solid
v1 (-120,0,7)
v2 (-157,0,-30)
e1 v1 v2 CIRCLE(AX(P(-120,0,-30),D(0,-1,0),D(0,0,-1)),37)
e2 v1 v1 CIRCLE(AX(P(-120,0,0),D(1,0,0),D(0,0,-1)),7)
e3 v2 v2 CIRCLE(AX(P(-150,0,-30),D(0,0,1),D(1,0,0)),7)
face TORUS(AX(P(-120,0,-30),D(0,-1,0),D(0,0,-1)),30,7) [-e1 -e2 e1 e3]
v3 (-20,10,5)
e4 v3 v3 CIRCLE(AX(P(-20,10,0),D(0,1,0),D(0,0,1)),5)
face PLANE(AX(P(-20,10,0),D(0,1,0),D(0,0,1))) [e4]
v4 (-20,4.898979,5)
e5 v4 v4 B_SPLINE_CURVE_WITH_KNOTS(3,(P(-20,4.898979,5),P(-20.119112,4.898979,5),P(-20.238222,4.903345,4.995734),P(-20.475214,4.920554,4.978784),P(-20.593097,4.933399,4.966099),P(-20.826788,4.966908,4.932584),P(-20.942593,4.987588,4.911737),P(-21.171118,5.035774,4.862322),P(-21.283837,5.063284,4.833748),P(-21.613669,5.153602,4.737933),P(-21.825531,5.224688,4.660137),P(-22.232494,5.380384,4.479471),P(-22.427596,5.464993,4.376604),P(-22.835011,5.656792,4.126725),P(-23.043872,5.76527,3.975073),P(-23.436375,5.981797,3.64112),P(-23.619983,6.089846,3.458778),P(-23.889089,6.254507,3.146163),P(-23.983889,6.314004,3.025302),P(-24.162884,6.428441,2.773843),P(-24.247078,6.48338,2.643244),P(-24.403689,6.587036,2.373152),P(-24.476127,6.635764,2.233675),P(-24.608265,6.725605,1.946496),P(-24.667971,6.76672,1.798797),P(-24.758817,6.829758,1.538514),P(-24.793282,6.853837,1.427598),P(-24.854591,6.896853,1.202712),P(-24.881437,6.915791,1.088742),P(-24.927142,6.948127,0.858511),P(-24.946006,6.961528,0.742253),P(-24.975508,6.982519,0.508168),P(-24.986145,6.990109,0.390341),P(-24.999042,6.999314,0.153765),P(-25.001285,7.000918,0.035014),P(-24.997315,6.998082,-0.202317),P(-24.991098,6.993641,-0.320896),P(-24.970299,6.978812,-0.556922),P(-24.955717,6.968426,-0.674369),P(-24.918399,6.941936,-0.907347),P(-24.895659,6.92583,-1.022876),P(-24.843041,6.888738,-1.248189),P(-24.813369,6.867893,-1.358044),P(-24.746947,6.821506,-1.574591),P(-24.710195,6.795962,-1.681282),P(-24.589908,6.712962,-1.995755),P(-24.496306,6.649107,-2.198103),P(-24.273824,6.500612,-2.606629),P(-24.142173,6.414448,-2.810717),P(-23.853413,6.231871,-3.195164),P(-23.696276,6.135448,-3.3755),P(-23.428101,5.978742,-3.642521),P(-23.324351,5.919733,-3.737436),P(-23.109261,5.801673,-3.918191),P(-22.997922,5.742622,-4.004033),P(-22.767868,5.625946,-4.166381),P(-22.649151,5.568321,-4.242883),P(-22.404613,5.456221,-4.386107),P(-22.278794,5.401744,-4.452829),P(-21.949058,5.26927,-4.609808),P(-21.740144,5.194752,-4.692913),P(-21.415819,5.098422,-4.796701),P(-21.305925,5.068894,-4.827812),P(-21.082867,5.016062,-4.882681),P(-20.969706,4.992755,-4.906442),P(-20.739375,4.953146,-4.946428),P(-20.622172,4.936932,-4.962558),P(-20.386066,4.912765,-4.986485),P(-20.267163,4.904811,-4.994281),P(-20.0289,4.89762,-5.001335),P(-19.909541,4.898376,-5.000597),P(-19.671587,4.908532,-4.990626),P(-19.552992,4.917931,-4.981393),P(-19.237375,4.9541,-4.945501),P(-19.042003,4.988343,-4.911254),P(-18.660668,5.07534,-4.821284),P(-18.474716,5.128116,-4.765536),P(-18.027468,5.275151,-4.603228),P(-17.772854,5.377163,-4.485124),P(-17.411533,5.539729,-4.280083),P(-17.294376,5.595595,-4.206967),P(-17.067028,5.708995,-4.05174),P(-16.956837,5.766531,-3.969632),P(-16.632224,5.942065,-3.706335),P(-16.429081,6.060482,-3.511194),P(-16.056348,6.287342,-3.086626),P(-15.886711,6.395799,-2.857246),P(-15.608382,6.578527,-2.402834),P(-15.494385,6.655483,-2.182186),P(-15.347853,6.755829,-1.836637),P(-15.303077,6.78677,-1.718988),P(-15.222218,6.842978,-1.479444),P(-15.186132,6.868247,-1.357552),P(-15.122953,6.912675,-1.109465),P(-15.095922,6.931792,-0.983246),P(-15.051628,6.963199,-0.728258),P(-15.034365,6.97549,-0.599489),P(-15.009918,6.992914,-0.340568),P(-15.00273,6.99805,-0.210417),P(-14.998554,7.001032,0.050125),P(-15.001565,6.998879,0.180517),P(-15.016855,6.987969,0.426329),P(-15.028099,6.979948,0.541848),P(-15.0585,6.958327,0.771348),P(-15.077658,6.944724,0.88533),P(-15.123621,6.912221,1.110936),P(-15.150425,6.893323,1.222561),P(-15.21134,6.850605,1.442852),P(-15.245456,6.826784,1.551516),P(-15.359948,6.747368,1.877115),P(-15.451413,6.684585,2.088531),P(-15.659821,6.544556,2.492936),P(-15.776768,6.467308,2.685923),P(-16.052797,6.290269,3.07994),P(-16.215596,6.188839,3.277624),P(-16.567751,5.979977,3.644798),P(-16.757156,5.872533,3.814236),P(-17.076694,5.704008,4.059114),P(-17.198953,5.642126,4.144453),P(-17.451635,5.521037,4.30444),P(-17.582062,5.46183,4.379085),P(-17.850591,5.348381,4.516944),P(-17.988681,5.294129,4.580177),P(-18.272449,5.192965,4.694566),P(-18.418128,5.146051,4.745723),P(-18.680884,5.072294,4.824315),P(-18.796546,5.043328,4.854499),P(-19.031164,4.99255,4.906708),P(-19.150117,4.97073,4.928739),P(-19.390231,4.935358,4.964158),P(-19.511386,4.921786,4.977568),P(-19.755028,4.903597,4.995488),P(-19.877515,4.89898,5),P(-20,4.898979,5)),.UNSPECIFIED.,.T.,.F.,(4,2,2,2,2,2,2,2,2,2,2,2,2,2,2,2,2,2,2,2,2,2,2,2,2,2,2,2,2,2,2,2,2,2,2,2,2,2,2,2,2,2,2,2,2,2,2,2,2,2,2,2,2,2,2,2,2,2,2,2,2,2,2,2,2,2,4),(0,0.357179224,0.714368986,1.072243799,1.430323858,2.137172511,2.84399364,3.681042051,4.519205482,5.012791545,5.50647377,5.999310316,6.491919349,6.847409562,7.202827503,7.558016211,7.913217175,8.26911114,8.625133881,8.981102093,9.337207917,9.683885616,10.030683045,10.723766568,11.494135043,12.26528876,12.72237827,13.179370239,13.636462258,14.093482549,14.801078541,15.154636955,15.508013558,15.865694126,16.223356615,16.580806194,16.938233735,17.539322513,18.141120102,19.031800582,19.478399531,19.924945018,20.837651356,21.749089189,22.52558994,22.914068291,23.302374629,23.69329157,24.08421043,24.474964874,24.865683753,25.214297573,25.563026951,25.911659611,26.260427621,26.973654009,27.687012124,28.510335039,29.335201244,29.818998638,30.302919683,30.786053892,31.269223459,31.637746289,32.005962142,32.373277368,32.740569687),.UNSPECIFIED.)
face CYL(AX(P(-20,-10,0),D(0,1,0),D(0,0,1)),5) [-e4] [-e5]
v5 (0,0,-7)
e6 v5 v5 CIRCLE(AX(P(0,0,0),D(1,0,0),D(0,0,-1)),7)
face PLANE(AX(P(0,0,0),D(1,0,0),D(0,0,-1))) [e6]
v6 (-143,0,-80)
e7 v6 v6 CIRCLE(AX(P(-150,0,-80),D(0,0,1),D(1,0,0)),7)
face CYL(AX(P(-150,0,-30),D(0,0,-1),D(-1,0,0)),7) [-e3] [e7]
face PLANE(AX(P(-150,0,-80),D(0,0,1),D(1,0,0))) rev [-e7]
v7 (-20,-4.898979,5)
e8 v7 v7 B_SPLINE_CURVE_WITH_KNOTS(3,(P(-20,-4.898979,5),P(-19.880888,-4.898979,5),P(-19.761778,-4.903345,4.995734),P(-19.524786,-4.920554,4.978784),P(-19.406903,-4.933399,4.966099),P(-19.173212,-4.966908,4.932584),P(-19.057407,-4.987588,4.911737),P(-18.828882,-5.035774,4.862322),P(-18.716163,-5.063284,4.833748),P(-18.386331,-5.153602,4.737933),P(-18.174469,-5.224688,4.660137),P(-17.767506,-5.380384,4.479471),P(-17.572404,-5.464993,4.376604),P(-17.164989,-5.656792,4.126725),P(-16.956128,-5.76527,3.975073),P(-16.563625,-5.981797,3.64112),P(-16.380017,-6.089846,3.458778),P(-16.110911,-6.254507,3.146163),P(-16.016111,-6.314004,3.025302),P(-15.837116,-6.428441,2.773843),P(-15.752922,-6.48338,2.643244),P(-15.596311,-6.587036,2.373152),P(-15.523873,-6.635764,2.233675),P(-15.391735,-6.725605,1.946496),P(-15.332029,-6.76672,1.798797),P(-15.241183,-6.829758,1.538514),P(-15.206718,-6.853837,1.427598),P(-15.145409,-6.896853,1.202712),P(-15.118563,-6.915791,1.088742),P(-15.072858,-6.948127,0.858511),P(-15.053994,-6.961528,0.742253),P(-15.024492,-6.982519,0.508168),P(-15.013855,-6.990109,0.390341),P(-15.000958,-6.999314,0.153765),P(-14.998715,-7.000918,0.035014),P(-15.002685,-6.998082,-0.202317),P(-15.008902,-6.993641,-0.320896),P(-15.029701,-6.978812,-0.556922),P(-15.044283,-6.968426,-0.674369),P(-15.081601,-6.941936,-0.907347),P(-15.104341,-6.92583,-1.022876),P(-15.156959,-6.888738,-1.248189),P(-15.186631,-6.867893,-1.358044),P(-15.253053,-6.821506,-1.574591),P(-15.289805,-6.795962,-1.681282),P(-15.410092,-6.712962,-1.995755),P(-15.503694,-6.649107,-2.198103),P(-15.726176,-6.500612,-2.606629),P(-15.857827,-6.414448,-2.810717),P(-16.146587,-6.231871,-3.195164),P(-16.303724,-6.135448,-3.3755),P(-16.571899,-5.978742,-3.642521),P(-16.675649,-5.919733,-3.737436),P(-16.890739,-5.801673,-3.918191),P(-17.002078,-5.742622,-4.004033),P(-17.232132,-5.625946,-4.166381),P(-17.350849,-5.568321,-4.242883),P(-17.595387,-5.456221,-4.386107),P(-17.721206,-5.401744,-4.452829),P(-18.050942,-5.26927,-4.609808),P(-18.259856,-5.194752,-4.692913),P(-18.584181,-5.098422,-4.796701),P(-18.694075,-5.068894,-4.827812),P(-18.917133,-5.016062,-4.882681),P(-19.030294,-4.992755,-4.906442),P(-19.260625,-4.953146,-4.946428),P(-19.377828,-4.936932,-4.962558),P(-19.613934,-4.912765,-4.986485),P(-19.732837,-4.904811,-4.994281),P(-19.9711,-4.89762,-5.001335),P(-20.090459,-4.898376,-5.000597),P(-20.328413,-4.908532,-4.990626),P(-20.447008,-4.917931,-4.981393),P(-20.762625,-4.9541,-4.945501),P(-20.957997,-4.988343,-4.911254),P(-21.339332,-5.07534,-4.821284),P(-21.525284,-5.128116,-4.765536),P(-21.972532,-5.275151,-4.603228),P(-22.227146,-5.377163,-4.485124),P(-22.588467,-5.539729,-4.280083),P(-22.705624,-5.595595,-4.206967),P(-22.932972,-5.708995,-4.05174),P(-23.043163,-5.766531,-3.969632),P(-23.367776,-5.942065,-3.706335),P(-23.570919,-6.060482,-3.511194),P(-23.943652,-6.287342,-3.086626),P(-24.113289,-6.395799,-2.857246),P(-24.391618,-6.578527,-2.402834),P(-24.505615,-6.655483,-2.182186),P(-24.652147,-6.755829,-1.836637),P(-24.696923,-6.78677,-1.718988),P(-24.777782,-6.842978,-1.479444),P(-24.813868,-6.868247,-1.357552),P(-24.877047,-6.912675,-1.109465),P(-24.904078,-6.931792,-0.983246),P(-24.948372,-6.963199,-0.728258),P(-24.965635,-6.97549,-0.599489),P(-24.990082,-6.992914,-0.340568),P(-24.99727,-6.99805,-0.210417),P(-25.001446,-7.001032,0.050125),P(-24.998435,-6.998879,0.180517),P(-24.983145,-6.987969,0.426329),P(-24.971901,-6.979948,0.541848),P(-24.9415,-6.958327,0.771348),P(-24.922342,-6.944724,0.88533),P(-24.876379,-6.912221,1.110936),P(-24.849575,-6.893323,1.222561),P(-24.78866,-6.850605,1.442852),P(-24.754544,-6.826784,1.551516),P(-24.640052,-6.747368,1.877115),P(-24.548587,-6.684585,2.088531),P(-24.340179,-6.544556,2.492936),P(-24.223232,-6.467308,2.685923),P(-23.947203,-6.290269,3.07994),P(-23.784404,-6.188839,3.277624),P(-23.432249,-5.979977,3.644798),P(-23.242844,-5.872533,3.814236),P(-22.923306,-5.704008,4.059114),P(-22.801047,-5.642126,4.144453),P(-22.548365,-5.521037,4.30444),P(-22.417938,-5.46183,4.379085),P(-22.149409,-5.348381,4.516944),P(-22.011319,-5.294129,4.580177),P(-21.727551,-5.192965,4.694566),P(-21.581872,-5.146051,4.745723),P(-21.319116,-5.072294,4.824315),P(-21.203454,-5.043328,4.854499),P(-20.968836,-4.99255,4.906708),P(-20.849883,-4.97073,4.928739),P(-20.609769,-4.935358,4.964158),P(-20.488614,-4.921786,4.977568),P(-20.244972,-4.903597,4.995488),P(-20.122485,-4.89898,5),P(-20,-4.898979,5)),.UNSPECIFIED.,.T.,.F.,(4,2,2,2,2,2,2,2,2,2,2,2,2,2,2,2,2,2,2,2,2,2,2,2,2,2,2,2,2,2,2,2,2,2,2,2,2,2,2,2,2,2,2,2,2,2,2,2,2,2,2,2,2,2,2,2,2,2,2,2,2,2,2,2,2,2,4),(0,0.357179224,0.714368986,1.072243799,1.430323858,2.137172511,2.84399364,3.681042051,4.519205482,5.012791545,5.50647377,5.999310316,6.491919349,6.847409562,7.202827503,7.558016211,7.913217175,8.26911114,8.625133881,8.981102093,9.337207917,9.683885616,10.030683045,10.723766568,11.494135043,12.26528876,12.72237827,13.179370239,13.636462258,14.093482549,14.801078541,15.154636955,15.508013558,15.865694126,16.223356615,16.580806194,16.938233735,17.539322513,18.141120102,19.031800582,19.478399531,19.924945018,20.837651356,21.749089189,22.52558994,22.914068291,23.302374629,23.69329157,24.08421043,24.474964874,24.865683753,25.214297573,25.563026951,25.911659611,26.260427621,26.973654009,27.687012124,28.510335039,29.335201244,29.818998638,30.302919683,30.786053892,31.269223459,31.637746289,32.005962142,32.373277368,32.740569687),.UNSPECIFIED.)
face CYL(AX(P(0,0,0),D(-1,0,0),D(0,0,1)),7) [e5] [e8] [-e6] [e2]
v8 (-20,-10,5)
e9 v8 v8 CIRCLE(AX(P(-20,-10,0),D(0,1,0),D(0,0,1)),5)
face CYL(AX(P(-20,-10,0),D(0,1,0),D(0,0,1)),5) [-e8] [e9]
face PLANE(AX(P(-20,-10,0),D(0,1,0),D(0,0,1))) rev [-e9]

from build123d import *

# Parameters (mm, degrees)
SWEEP1_PROFILE_R         = 7
BOSS_EXTRUDE1_DEPTH      = 10
BOSS_EXTRUDE1_DEPTH_BACK = 10
SKETCH8_R                = 5


with BuildPart() as part:
    # Sweep1: sweep along a path in Sketch1
    with BuildLine(Plane(origin=(0, 0, 0), x_dir=(1, 0, 0), z_dir=(0, 1, 0))) as sweep1_path:
        Line((0, 0), (-120, 0))
        ThreePointArc((-120, 0), (-141.213203436, 8.786796564), (-150, 30))
        Line((-150, 30), (-150, 80))
    # Sweep1 profile (on start of the path) → Sweep1 (sweep)
    with BuildSketch(Plane(origin=(0, 0, 0), x_dir=(0, 0, -1), z_dir=(-1, 0, 0))):
        Circle(SWEEP1_PROFILE_R)
    sweep(path=sweep1_path.line)

    # Sketch8 → Boss-Extrude1 (add, two sides: drawn at the far end of the back side and taken through both)
    with BuildSketch(Plane(origin=(0, 0, 0), x_dir=(1, 0, 0), z_dir=(0, 1, 0)).offset(-BOSS_EXTRUDE1_DEPTH_BACK)):
        with Locations((-20, 0)):
            Circle(SKETCH8_R)
    extrude(amount=BOSS_EXTRUDE1_DEPTH + BOSS_EXTRUDE1_DEPTH_BACK)


solid = part.part
